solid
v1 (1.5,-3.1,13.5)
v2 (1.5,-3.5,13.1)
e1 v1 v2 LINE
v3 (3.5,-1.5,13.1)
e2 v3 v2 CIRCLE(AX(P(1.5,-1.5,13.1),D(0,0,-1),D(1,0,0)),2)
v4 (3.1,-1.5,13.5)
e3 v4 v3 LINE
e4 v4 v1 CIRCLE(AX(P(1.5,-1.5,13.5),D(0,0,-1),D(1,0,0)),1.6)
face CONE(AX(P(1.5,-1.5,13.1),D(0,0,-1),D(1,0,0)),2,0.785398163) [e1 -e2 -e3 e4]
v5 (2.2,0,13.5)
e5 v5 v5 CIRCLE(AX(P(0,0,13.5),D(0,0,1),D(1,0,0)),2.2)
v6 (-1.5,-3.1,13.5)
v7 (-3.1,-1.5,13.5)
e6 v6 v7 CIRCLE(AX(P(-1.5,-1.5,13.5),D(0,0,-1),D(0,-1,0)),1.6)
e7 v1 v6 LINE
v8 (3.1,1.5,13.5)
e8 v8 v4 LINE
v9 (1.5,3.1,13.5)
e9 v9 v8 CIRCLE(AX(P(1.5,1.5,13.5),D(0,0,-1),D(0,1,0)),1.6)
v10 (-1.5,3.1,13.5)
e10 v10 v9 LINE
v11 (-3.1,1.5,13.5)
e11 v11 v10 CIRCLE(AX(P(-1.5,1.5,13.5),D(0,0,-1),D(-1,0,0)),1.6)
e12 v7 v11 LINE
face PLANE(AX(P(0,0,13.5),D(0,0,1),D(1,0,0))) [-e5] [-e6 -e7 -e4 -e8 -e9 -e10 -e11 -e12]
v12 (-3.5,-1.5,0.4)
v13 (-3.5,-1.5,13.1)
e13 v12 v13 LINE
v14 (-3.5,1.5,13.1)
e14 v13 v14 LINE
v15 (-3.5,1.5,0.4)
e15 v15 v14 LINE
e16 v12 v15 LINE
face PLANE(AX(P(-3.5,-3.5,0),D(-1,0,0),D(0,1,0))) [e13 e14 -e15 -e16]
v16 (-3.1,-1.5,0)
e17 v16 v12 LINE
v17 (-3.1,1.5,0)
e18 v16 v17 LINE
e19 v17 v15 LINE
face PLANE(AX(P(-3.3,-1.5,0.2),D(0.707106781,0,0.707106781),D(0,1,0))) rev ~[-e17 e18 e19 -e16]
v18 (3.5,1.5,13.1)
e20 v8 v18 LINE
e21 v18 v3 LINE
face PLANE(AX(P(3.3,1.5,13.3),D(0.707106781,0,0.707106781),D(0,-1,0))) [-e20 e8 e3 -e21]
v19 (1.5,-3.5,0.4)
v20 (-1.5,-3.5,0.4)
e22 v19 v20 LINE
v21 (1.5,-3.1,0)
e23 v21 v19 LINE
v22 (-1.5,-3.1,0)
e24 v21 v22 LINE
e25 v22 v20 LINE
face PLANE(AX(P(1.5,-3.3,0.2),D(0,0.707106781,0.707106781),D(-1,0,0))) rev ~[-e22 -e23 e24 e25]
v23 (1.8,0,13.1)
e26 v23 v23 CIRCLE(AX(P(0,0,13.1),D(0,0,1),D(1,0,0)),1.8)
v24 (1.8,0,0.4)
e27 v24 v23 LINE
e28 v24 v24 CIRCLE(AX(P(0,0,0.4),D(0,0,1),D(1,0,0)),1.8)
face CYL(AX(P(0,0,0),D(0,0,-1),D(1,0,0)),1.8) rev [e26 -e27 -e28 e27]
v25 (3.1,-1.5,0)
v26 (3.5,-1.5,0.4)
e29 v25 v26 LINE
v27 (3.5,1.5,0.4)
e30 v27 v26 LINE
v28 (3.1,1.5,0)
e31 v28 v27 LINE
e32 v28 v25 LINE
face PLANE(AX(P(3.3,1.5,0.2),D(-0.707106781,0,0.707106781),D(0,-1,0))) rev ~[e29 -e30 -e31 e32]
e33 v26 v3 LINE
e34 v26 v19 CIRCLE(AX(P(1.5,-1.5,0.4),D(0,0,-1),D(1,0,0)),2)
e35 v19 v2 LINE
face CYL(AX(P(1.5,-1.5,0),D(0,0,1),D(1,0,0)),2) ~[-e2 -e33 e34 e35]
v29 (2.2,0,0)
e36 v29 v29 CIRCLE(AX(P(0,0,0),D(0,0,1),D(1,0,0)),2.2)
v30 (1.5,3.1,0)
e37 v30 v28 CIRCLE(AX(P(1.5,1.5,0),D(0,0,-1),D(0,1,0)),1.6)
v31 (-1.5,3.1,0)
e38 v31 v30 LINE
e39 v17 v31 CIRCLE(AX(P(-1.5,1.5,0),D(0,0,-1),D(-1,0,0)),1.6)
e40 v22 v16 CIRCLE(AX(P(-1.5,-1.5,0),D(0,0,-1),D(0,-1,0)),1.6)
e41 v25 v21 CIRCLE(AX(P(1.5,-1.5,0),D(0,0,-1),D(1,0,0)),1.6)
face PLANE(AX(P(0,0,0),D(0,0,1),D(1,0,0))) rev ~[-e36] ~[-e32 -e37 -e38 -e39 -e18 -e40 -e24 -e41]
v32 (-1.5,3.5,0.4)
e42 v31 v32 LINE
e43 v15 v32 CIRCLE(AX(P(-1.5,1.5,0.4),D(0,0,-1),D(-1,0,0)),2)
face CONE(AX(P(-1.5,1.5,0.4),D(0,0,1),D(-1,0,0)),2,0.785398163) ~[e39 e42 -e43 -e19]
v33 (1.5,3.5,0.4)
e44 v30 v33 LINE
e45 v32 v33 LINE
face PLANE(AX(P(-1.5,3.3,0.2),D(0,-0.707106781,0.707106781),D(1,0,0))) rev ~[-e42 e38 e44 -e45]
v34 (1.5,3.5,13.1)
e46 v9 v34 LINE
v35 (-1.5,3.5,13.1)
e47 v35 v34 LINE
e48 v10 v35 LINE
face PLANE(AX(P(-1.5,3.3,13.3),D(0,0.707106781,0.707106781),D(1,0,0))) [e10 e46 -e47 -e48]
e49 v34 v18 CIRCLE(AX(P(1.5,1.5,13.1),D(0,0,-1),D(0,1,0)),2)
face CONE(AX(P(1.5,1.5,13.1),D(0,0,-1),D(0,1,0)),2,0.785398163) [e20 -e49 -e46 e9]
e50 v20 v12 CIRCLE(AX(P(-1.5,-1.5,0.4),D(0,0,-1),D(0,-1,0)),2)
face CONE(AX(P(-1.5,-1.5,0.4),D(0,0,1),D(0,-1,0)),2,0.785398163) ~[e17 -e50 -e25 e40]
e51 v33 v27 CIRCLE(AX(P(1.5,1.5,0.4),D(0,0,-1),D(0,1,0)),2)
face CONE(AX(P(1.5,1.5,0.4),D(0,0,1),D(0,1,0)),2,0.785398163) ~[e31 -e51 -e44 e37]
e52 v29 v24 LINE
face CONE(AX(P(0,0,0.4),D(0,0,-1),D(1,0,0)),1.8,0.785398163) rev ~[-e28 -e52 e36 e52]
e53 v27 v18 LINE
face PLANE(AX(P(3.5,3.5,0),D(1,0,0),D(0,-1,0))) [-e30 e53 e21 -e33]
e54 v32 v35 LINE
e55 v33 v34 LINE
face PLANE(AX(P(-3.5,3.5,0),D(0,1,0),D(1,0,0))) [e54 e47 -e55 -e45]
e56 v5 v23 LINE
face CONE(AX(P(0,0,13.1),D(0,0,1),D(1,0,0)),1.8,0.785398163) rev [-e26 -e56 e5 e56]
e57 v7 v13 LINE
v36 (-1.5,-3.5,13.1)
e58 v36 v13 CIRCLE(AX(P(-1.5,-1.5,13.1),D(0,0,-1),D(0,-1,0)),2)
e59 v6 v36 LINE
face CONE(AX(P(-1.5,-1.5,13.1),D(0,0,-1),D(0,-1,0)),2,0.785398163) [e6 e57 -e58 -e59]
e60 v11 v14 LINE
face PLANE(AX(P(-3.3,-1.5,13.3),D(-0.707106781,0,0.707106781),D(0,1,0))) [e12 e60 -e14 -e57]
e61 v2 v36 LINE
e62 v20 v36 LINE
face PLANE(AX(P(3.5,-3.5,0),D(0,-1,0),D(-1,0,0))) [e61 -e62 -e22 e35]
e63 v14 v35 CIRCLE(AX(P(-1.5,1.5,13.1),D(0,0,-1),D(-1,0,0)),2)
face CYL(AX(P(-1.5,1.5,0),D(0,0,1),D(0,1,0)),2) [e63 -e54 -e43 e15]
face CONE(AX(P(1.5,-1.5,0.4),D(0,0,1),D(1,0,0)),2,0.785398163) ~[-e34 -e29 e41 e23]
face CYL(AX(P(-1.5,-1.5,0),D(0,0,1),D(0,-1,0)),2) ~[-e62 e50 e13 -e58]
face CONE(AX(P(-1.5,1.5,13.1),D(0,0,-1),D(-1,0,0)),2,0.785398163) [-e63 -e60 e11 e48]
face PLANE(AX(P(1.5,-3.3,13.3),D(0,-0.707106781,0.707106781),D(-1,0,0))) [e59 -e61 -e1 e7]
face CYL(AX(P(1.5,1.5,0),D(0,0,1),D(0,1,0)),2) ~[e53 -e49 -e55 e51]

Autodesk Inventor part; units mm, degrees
ref_plane "YZ Plane" through (0, 0, 0) normal (1, 0, 0) x (0, 1, 0)
ref_plane "XZ Plane" through (0, 0, 0) normal (0, 1, 0) x (-1, 0, 0)
ref_plane "XY Plane" through (0, 0, 0) normal (0, 0, 1) x (1, 0, 0)
sketch "Sketch1" plane through (0, 0, 0) normal (0, 0, 1) x (1, 0, 0)
  circle A0 centre (0, 0) radius 1.8
  line L0 (-3.5, 3.5) -> (3.5, 3.5)
  line L1 (3.5, 3.5) -> (3.5, -3.5)
  line L2 (3.5, -3.5) -> (-3.5, -3.5)
  line L3 (-3.5, -3.5) -> (-3.5, 3.5)
  point P0 (3.5, 0)
  point P1 (0, 3.5)
  dimension "d0" = 3.6
  dimension "d24" = 7
extrude "Extrusion1" add sketch "Sketch1" along normal blind 13.5
fillet "Fillet3" radius 2 4 edges at (3.5, 3.5, 6.75) (3.5, -3.5, 6.75) (-3.5, -3.5, 6.75) (-3.5, 3.5, 6.75)
chamfer "Chamfer4" distance 0.4 angle 45 18 edges at (-2.9142, -2.9142, 13.5) (-3.5, 0, 13.5) (-2.9142, 2.9142, 13.5) (0, 3.5, 13.5) (2.9142, 2.9142, 13.5) (3.5, 0, 13.5) (2.9142, -2.9142, 13.5) (0, -3.5, 13.5) (2.9142, -2.9142, 0) (3.5, 0, 0) (2.9142, 2.9142, 0) (0, 3.5, 0) (-2.9142, 2.9142, 0) (-3.5, 0, 0) (-2.9142, -2.9142, 0) (0, -3.5, 0) (-1.8, 0, 13.5) (-1.8, 0, 0)
properties part number "shaft-15mm-squareipt" material "ABS Plastic"
